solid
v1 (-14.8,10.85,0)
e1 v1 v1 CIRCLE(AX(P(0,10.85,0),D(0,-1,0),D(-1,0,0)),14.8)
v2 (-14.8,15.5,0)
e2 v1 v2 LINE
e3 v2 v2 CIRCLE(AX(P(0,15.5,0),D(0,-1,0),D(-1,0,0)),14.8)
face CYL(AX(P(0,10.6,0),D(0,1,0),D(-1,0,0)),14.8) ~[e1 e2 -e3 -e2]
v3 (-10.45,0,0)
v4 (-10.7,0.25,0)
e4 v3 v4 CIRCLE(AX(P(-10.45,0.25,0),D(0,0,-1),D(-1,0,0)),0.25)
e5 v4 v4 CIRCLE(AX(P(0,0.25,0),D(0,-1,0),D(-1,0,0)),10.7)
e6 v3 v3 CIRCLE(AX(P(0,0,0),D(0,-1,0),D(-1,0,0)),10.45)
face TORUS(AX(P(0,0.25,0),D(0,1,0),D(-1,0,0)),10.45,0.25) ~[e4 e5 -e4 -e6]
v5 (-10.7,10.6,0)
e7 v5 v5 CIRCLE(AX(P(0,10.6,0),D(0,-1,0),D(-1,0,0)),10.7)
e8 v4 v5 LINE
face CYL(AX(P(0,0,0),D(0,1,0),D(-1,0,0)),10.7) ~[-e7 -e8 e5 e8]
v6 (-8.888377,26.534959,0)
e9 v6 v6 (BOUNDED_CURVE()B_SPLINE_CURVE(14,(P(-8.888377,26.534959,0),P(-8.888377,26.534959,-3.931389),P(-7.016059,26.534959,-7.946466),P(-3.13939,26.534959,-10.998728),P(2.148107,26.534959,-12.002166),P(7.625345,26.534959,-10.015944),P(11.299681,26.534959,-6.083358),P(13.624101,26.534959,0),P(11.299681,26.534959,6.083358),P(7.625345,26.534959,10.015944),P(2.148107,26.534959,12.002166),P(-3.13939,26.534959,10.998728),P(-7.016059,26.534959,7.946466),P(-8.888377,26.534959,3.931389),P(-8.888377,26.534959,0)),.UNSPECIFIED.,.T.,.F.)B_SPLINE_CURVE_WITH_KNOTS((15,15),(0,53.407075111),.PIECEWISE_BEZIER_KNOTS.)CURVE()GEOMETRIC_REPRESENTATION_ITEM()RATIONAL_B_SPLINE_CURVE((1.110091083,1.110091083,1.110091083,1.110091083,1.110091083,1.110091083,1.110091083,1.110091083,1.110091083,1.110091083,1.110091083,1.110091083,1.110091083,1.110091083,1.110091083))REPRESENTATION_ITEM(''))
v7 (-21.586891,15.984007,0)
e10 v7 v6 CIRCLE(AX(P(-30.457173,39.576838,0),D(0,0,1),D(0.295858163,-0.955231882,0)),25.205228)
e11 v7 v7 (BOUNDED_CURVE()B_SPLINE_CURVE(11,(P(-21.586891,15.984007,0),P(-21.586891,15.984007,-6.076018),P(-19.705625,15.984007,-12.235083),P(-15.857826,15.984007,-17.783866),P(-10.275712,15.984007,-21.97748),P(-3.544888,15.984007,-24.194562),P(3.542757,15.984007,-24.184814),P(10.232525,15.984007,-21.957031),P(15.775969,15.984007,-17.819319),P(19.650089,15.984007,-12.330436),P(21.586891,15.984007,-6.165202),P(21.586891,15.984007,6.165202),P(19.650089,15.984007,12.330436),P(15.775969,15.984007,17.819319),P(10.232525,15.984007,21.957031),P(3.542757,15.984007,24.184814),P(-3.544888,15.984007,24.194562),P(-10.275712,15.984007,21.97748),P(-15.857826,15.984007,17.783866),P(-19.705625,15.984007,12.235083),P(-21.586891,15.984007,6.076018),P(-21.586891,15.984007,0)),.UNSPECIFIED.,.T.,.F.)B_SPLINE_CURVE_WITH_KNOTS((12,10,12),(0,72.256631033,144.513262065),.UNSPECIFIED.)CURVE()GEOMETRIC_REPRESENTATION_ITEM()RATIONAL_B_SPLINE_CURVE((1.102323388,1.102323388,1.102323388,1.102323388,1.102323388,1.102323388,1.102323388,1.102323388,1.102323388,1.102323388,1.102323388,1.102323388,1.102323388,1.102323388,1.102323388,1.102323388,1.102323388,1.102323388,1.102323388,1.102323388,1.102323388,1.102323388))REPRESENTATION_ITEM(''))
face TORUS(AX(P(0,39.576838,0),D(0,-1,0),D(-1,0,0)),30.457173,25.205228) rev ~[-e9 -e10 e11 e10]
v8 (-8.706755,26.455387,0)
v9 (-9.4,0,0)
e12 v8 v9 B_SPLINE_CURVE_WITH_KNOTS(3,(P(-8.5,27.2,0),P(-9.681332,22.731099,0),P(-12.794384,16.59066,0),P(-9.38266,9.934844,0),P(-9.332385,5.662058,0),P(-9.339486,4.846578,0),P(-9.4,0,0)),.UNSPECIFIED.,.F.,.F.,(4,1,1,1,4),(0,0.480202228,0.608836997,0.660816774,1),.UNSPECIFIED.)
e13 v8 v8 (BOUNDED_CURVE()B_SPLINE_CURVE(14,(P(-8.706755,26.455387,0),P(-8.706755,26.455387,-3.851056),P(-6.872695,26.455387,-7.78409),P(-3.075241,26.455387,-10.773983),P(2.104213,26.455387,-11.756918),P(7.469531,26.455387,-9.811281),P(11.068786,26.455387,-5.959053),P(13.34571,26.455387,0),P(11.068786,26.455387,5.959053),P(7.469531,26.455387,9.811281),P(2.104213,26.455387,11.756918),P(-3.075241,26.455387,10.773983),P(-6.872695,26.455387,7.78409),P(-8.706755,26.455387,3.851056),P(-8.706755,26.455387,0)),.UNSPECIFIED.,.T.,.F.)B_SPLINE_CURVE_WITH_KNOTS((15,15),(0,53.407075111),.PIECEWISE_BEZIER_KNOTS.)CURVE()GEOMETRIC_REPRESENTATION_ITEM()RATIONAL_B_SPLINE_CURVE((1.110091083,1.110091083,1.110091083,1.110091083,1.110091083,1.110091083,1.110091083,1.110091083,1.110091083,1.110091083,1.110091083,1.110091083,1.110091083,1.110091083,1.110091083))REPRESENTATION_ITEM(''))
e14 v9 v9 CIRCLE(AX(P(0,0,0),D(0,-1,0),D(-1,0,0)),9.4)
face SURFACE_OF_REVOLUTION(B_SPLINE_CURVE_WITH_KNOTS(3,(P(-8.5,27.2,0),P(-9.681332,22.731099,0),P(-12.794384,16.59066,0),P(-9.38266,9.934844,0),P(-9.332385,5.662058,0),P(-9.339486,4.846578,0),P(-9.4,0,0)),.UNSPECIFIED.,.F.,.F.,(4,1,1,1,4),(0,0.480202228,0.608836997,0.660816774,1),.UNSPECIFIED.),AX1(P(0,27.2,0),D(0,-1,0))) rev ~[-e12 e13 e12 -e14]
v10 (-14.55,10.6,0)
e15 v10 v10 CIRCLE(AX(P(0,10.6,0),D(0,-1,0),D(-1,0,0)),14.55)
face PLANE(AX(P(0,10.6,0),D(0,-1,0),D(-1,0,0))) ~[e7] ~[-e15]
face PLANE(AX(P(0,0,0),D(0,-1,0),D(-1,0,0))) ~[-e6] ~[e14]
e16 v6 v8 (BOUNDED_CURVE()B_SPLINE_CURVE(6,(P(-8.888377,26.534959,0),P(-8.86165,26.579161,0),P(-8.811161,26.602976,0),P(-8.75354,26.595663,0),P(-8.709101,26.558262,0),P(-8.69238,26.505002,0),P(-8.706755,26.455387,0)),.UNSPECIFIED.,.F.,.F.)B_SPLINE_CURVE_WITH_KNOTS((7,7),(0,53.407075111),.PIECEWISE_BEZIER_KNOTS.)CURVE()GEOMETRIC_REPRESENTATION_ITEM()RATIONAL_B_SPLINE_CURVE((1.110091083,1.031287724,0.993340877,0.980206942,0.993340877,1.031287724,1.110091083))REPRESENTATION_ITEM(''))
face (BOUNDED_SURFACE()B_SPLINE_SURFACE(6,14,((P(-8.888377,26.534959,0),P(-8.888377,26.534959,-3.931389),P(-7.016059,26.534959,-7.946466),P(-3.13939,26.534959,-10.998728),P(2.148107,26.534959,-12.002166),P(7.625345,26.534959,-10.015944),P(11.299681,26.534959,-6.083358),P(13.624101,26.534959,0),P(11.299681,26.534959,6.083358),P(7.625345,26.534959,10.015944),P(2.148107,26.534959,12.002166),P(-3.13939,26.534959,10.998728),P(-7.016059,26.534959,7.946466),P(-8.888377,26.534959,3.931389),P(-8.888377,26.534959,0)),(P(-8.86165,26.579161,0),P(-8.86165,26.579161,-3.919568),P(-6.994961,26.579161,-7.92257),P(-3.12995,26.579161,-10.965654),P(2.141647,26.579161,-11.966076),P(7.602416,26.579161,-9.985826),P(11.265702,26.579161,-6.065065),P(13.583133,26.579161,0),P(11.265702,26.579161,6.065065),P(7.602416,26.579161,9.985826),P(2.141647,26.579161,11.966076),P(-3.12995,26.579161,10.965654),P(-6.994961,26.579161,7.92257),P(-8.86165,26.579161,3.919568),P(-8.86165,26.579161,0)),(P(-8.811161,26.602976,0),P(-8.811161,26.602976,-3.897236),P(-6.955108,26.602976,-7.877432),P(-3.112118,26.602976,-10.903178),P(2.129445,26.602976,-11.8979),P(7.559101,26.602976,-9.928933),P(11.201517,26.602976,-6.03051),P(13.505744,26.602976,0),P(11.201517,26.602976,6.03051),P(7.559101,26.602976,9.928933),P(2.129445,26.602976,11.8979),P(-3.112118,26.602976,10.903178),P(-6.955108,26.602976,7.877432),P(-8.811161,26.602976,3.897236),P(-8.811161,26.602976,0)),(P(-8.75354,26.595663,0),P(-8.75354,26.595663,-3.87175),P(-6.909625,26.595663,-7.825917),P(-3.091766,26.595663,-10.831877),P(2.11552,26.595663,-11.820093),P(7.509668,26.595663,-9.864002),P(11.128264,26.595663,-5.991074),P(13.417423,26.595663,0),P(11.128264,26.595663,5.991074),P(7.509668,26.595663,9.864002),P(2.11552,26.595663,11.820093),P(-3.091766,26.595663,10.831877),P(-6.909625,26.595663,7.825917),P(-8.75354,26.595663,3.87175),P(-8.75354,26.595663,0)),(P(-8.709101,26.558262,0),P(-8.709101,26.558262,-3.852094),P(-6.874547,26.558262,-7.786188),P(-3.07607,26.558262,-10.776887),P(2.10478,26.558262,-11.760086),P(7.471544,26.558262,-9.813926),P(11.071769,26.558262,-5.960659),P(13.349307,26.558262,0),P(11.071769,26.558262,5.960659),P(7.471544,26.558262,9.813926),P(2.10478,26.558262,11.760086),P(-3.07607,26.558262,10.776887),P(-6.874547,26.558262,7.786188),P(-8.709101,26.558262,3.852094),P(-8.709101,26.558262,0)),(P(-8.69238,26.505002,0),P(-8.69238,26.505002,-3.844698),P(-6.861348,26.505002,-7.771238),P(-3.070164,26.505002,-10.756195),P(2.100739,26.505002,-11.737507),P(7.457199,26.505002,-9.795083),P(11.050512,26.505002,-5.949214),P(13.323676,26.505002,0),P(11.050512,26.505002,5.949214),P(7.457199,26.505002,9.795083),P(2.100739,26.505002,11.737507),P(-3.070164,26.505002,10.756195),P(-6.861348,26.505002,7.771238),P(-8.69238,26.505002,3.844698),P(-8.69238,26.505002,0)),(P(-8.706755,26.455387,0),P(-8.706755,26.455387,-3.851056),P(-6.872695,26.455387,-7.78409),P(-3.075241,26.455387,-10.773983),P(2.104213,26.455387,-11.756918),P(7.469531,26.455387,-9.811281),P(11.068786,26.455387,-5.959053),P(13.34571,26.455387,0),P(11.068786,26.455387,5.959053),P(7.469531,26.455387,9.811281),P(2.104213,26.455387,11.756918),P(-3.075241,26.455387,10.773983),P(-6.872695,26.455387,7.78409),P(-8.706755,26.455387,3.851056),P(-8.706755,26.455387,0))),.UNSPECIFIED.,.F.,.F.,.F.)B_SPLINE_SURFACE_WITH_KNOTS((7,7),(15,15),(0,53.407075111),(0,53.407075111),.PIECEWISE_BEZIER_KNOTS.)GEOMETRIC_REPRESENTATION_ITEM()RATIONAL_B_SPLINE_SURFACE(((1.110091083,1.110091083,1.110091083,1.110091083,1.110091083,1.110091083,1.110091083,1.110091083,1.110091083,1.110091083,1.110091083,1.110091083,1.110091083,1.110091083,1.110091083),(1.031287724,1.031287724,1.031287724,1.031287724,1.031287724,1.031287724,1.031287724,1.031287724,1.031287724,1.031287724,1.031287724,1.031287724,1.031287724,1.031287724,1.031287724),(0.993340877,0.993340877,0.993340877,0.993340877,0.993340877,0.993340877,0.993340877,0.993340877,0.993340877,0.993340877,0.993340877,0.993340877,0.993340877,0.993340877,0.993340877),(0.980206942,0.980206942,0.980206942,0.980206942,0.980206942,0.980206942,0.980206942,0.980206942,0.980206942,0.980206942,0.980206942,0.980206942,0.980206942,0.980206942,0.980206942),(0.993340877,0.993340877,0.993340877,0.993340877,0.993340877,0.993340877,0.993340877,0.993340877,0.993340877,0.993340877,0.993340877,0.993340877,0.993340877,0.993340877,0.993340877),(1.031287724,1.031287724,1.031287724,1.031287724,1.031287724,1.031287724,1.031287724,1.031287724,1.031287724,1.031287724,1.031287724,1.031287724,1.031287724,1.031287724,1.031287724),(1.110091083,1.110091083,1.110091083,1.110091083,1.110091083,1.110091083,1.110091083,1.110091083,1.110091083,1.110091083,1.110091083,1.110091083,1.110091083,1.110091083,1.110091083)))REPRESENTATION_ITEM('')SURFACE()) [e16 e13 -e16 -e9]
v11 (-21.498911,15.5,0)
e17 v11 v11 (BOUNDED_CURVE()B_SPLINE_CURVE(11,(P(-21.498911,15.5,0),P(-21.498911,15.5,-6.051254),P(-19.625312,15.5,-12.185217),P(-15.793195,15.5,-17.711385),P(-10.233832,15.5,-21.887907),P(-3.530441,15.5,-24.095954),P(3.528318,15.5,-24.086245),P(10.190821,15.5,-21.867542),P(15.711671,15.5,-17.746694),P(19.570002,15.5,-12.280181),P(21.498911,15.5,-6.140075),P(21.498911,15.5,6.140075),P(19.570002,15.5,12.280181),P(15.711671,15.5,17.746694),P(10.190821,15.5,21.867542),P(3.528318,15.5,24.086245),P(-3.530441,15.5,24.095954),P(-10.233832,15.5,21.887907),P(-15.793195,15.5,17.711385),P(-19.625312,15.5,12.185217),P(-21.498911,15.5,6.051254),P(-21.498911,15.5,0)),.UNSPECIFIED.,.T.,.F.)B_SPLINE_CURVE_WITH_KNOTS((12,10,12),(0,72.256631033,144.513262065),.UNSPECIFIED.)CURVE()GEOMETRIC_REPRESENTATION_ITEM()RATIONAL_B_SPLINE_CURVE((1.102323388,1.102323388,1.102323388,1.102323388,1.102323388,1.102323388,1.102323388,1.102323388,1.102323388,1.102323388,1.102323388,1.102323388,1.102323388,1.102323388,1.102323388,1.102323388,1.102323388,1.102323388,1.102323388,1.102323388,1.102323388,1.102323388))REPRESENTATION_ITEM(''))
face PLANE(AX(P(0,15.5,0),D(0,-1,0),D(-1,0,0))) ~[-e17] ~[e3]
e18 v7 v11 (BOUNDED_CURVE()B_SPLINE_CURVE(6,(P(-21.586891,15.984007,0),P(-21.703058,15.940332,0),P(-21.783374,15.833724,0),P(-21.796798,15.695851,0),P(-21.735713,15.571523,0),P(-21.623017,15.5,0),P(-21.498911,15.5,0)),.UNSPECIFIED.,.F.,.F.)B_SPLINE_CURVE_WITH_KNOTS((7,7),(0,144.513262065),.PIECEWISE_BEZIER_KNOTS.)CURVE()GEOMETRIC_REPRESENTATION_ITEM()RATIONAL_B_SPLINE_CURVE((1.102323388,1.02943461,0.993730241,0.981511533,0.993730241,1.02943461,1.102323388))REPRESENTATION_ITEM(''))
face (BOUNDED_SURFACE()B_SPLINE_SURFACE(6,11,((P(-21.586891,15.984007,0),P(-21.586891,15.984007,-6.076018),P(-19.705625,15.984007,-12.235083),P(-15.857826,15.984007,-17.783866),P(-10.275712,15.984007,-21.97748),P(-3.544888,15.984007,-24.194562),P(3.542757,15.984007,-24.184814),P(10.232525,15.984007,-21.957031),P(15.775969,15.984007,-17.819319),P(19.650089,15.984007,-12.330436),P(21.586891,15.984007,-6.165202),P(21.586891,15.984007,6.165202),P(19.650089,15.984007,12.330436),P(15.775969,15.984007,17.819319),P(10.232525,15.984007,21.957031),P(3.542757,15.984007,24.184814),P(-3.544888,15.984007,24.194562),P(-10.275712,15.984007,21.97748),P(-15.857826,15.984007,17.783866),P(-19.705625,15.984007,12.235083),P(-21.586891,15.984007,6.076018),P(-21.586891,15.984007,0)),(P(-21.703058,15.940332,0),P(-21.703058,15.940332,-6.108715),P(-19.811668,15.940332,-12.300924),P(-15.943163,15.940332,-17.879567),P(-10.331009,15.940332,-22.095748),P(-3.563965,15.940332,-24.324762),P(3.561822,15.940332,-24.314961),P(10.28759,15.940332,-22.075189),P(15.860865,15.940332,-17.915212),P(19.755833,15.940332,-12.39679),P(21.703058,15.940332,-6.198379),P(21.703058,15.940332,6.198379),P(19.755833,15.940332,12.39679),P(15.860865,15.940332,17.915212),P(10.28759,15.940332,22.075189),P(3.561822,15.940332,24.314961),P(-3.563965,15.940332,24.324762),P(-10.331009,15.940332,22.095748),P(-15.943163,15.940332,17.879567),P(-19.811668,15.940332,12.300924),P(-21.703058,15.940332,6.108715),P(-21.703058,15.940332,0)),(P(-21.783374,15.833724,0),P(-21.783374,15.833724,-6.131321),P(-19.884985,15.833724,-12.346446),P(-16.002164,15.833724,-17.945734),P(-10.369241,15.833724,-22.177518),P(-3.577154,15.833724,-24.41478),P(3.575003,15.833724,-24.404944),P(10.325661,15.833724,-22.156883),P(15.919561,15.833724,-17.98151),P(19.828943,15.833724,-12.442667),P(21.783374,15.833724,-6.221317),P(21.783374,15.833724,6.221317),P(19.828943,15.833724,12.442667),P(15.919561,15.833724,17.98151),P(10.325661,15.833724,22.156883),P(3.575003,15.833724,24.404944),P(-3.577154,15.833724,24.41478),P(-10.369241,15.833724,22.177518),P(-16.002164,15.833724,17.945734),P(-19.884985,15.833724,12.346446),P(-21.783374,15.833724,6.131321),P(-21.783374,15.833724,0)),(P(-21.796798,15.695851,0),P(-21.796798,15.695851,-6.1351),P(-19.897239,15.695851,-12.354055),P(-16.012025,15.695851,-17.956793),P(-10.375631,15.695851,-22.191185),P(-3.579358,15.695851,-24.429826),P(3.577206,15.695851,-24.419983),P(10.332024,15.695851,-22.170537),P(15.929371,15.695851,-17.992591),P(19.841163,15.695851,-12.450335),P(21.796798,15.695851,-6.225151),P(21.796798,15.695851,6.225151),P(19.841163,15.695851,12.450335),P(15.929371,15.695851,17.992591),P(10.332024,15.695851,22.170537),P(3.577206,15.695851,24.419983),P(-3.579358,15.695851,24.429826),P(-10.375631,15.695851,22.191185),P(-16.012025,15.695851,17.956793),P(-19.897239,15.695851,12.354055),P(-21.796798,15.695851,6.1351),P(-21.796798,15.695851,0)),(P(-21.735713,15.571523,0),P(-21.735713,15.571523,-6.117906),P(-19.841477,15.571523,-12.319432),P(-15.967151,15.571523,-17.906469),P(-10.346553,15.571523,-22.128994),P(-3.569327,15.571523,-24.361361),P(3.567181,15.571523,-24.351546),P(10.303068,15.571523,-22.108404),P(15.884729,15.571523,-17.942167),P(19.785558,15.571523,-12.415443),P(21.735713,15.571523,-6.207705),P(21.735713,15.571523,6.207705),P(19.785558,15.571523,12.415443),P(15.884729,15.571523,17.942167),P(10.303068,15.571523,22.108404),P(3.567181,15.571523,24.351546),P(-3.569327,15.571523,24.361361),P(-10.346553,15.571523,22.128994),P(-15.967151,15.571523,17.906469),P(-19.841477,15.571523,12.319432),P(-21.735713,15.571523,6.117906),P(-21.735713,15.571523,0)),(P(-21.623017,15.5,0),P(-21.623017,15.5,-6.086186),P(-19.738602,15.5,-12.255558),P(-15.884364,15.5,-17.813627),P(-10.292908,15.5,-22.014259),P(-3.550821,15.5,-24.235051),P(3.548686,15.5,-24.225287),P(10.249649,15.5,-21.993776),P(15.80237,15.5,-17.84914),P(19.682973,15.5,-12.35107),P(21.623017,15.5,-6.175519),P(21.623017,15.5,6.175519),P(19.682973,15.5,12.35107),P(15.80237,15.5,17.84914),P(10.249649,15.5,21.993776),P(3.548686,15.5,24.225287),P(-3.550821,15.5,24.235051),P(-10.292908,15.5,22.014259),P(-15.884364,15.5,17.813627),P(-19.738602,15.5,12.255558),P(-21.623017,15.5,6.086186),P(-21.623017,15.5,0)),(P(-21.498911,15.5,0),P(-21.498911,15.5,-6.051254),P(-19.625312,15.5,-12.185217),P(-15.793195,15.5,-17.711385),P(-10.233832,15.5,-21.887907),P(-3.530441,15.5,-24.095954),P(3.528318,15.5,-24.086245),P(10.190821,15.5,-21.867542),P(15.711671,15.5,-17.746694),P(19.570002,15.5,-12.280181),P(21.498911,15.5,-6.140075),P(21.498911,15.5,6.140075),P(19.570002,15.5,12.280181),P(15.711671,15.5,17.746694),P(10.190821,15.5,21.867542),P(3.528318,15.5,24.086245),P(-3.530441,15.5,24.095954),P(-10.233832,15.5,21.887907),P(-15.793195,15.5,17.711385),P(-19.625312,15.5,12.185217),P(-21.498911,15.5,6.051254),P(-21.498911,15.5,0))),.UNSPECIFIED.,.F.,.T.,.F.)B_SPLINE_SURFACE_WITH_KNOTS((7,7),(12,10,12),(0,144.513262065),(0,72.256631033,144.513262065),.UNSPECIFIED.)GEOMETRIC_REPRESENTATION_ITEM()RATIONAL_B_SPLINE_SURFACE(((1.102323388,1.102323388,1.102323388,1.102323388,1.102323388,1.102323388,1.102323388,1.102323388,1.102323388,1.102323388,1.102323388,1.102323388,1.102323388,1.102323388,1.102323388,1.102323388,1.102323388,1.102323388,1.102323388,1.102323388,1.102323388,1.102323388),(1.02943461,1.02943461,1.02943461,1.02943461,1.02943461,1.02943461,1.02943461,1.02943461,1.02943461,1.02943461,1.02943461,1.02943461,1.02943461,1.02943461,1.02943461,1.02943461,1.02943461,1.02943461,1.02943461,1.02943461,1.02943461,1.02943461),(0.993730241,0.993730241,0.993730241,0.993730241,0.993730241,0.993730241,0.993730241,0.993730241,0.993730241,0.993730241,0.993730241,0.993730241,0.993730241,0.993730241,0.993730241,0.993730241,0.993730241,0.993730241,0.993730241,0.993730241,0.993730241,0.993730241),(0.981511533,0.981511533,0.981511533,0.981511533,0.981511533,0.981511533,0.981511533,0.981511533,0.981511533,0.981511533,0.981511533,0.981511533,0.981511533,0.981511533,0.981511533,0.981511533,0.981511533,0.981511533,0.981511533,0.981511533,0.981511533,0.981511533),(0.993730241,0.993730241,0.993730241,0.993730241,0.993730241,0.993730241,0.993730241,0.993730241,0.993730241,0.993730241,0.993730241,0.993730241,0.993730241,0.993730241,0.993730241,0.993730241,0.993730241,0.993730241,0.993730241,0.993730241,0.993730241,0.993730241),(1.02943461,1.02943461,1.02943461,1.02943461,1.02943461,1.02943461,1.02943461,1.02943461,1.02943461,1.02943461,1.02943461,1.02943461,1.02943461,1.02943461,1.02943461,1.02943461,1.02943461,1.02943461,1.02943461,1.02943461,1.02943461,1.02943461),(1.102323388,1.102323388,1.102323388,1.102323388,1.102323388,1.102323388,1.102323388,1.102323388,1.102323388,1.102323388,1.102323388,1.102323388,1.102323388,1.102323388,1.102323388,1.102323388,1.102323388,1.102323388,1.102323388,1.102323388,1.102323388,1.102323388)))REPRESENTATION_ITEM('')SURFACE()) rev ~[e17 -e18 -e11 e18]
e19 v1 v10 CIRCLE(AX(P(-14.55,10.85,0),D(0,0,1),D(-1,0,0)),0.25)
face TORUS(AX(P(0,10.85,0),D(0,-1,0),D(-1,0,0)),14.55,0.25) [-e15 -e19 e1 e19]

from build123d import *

# Parameters (mm, degrees)
FILLET1_R = 0.1
FILLET2_R = 0.25


with BuildPart() as part:
    # Sketch1 → Revolve2 (revolve)
    with BuildSketch(Plane.XY):
        with BuildLine():
            Line((-9.4, 0), (-10.7, 0))
            Line((-10.7, 0), (-10.7, 10.6))
            Line((-10.7, 10.6), (-14.8, 10.6))
            Line((-14.8, 10.6), (-14.8, 15.5))
            Line((-14.8, 15.5), (-23, 15.5))
            ThreePointArc((-23, 15.5), (-14.629240774, 19.96102489), (-8.5, 27.2))
            add(Edge.make_bspline(
                [(-8.5, 27.2), (-9.681332084, 22.731098706), (-12.794383887, 16.59065999), (-9.38266004, 9.934843606), (-9.332385206, 5.662057956), (-9.339485972, 4.846577744), (-9.4, 0)],
                knots=[0, 0, 0, 0, 0.480202228, 0.608836997, 0.660816774, 1, 1, 1, 1], degree=3))
        make_face()
    revolve(axis=Axis((0, 27.2, 0), (0, -1, 0)))

    # Fillet1
    fillet1_edges = [part.edges().sort_by_distance(p)[0] for p in [
        (8.5, 27.2, 0),
    ]]
    fillet(fillet1_edges, radius=FILLET1_R)

    # Fillet2
    fillet2_edges = [part.edges().sort_by_distance(p)[0] for p in [
        (10.7, 0, 0),
        (14.8, 10.6, 0),
        (23, 15.5, 0),
    ]]
    fillet(fillet2_edges, radius=FILLET2_R)


solid = part.part
